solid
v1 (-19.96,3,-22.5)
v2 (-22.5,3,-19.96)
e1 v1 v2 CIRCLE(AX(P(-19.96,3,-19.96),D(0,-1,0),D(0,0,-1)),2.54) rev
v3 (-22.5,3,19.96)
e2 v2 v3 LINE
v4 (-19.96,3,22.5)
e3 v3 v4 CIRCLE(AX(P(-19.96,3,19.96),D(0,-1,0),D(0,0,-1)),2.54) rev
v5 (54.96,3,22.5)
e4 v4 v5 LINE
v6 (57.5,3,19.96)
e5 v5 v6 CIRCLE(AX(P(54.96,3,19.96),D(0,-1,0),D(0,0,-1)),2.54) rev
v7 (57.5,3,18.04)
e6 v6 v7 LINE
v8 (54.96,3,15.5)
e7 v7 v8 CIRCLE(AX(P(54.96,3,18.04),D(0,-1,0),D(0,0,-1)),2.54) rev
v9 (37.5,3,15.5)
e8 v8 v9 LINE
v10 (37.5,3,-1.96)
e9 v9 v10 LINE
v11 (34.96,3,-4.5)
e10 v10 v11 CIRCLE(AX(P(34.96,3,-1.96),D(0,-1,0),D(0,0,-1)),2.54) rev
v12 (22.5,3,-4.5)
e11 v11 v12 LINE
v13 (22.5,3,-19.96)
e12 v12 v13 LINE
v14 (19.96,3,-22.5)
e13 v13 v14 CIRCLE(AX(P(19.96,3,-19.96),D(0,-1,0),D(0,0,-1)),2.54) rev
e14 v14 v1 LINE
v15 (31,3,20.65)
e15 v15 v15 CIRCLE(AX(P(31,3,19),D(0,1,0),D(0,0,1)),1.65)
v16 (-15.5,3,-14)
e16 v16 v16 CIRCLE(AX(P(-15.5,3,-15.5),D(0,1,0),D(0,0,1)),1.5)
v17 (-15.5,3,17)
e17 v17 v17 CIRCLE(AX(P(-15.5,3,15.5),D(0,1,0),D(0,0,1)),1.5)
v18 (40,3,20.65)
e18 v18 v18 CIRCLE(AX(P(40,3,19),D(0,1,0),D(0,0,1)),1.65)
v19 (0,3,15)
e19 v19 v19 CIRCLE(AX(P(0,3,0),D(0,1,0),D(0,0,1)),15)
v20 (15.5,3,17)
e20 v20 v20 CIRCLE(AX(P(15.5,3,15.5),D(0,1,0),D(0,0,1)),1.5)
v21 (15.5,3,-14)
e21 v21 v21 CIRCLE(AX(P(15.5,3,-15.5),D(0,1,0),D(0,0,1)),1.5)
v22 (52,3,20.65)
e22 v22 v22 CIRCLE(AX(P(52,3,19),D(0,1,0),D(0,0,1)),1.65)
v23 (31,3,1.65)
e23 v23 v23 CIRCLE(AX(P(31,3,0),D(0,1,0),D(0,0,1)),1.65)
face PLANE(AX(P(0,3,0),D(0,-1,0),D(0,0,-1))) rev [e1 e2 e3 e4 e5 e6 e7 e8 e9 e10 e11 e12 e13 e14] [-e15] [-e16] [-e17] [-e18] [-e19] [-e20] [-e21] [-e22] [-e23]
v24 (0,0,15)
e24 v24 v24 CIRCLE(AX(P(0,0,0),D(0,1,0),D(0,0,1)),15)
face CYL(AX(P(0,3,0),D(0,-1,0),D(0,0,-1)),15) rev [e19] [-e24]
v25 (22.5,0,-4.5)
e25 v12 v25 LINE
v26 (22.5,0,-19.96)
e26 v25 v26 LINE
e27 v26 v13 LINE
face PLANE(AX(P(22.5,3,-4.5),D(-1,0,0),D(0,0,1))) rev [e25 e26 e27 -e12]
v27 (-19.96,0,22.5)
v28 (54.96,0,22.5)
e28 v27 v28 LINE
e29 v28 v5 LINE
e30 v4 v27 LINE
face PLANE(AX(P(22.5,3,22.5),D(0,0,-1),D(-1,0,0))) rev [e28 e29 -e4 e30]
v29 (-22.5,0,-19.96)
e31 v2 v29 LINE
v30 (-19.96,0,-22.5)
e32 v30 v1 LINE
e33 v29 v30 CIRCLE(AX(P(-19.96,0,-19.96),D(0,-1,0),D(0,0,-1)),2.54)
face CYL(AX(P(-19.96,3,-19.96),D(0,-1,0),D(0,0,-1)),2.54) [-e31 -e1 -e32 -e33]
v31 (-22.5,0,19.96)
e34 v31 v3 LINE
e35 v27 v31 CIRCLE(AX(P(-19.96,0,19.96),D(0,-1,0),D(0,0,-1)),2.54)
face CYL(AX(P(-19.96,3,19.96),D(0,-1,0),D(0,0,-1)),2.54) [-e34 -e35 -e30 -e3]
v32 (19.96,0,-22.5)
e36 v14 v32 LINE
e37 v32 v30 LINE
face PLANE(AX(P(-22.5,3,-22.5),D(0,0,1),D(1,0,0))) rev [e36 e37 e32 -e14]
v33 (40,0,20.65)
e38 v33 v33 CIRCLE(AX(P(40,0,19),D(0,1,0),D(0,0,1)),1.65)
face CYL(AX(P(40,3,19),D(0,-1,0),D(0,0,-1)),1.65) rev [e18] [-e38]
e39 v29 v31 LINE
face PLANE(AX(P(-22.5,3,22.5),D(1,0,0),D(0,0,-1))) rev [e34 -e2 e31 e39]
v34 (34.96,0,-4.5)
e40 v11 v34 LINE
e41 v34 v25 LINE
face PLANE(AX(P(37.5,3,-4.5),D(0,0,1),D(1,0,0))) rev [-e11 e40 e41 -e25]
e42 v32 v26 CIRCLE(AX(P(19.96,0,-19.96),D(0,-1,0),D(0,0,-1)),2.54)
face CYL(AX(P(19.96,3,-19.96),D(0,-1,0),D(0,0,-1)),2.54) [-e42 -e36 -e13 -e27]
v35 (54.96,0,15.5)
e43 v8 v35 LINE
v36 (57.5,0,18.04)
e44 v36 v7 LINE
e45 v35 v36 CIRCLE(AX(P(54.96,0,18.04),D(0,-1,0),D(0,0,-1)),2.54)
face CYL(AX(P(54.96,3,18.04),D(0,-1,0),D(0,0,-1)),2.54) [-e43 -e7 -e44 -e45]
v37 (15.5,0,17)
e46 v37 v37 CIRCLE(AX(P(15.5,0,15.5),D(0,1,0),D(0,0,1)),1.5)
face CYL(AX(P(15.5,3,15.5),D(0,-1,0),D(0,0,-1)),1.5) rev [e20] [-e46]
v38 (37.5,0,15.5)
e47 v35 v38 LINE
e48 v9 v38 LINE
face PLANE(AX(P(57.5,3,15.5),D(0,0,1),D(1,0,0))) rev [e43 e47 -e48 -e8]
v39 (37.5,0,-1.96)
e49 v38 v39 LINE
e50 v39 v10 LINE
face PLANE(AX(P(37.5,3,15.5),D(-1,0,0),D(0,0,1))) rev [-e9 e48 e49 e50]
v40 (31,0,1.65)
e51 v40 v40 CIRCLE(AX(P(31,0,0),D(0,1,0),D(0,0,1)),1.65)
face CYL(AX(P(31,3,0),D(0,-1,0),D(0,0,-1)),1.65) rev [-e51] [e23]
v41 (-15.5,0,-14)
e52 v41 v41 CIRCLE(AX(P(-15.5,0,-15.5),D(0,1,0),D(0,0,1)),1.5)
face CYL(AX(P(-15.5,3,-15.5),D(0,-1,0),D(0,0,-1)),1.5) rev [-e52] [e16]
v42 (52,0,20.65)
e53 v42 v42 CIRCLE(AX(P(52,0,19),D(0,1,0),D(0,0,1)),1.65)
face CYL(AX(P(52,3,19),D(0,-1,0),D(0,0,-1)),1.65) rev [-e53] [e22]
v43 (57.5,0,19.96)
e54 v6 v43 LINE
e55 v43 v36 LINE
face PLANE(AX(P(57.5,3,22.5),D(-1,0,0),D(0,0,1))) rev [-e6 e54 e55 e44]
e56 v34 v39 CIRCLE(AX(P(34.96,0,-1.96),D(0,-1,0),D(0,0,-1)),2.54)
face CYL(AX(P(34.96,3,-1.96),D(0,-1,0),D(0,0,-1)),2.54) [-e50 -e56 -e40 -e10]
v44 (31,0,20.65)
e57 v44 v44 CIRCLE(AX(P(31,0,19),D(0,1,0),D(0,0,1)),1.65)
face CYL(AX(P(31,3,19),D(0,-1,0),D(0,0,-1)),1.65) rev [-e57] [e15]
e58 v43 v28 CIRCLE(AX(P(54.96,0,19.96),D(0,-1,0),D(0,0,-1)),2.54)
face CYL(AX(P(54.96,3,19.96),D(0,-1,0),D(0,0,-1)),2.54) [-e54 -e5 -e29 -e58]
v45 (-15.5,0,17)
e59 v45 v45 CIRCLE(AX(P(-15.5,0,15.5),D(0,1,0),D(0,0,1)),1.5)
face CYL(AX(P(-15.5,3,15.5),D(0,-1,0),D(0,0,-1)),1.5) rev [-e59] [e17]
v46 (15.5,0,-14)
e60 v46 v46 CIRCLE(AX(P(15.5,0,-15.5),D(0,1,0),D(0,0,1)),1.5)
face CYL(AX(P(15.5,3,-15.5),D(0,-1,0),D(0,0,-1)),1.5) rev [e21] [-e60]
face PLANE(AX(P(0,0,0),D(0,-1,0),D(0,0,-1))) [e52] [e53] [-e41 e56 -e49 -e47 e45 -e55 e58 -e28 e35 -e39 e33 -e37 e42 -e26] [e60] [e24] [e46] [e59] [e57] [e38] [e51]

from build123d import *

# Parameters (mm, degrees)
SKETCH1_R       = 15
SKETCH1_R_2     = 1.5
SKETCH1_R_3     = 1.65
MAIN_BODY_DEPTH = 3
FILLET_2_R      = 2.54


with BuildPart() as part:
    # Sketch1 → Main Body (new body)
    with BuildSketch(Plane(origin=(0, 0, 0), x_dir=(1, 0, 0), z_dir=(0, 1, 0))):
        Polygon((22.5, -22.5), (57.5, -22.5), (57.5, -15.5), (37.5, -15.5), (37.5, 4.5), (22.5, 4.5), (22.5, 22.5), (-22.5, 22.5), (-22.5, -22.5), align=None)
        with Locations(Location((0, 0, 0), (0, 0, 270))):
            Circle(SKETCH1_R, mode=Mode.SUBTRACT)
        with Locations(Location((15.5, 15.5, 0), (0, 0, 270))):
            Circle(SKETCH1_R_2, mode=Mode.SUBTRACT)
        with Locations(Location((15.5, -15.5, 0), (0, 0, 270))):
            Circle(SKETCH1_R_2, mode=Mode.SUBTRACT)
        with Locations(Location((-15.5, -15.5, 0), (0, 0, 270))):
            Circle(SKETCH1_R_2, mode=Mode.SUBTRACT)
        with Locations(Location((-15.5, 15.5, 0), (0, 0, 270))):
            Circle(SKETCH1_R_2, mode=Mode.SUBTRACT)
        with Locations(Location((31, 0, 0), (0, 0, 270))):
            Circle(SKETCH1_R_3, mode=Mode.SUBTRACT)
        with Locations(Location((31, -19, 0), (0, 0, 270))):
            Circle(SKETCH1_R_3, mode=Mode.SUBTRACT)
        with Locations(Location((40, -19, 0), (0, 0, 270))):
            Circle(SKETCH1_R_3, mode=Mode.SUBTRACT)
        with Locations(Location((52, -19, 0), (0, 0, 270))):
            Circle(SKETCH1_R_3, mode=Mode.SUBTRACT)
    extrude(amount=MAIN_BODY_DEPTH)

    # FIllet 2
    fillet_2_edges = [part.edges().sort_by_distance(p)[0] for p in [
        (37.5, 1.5, -4.5),
        (57.5, 1.5, 15.5),
        (57.5, 1.5, 22.5),
        (-22.5, 1.5, 22.5),
        (-22.5, 1.5, -22.5),
        (22.5, 1.5, -22.5),
    ]]
    fillet(fillet_2_edges, radius=FILLET_2_R)


solid = part.part
